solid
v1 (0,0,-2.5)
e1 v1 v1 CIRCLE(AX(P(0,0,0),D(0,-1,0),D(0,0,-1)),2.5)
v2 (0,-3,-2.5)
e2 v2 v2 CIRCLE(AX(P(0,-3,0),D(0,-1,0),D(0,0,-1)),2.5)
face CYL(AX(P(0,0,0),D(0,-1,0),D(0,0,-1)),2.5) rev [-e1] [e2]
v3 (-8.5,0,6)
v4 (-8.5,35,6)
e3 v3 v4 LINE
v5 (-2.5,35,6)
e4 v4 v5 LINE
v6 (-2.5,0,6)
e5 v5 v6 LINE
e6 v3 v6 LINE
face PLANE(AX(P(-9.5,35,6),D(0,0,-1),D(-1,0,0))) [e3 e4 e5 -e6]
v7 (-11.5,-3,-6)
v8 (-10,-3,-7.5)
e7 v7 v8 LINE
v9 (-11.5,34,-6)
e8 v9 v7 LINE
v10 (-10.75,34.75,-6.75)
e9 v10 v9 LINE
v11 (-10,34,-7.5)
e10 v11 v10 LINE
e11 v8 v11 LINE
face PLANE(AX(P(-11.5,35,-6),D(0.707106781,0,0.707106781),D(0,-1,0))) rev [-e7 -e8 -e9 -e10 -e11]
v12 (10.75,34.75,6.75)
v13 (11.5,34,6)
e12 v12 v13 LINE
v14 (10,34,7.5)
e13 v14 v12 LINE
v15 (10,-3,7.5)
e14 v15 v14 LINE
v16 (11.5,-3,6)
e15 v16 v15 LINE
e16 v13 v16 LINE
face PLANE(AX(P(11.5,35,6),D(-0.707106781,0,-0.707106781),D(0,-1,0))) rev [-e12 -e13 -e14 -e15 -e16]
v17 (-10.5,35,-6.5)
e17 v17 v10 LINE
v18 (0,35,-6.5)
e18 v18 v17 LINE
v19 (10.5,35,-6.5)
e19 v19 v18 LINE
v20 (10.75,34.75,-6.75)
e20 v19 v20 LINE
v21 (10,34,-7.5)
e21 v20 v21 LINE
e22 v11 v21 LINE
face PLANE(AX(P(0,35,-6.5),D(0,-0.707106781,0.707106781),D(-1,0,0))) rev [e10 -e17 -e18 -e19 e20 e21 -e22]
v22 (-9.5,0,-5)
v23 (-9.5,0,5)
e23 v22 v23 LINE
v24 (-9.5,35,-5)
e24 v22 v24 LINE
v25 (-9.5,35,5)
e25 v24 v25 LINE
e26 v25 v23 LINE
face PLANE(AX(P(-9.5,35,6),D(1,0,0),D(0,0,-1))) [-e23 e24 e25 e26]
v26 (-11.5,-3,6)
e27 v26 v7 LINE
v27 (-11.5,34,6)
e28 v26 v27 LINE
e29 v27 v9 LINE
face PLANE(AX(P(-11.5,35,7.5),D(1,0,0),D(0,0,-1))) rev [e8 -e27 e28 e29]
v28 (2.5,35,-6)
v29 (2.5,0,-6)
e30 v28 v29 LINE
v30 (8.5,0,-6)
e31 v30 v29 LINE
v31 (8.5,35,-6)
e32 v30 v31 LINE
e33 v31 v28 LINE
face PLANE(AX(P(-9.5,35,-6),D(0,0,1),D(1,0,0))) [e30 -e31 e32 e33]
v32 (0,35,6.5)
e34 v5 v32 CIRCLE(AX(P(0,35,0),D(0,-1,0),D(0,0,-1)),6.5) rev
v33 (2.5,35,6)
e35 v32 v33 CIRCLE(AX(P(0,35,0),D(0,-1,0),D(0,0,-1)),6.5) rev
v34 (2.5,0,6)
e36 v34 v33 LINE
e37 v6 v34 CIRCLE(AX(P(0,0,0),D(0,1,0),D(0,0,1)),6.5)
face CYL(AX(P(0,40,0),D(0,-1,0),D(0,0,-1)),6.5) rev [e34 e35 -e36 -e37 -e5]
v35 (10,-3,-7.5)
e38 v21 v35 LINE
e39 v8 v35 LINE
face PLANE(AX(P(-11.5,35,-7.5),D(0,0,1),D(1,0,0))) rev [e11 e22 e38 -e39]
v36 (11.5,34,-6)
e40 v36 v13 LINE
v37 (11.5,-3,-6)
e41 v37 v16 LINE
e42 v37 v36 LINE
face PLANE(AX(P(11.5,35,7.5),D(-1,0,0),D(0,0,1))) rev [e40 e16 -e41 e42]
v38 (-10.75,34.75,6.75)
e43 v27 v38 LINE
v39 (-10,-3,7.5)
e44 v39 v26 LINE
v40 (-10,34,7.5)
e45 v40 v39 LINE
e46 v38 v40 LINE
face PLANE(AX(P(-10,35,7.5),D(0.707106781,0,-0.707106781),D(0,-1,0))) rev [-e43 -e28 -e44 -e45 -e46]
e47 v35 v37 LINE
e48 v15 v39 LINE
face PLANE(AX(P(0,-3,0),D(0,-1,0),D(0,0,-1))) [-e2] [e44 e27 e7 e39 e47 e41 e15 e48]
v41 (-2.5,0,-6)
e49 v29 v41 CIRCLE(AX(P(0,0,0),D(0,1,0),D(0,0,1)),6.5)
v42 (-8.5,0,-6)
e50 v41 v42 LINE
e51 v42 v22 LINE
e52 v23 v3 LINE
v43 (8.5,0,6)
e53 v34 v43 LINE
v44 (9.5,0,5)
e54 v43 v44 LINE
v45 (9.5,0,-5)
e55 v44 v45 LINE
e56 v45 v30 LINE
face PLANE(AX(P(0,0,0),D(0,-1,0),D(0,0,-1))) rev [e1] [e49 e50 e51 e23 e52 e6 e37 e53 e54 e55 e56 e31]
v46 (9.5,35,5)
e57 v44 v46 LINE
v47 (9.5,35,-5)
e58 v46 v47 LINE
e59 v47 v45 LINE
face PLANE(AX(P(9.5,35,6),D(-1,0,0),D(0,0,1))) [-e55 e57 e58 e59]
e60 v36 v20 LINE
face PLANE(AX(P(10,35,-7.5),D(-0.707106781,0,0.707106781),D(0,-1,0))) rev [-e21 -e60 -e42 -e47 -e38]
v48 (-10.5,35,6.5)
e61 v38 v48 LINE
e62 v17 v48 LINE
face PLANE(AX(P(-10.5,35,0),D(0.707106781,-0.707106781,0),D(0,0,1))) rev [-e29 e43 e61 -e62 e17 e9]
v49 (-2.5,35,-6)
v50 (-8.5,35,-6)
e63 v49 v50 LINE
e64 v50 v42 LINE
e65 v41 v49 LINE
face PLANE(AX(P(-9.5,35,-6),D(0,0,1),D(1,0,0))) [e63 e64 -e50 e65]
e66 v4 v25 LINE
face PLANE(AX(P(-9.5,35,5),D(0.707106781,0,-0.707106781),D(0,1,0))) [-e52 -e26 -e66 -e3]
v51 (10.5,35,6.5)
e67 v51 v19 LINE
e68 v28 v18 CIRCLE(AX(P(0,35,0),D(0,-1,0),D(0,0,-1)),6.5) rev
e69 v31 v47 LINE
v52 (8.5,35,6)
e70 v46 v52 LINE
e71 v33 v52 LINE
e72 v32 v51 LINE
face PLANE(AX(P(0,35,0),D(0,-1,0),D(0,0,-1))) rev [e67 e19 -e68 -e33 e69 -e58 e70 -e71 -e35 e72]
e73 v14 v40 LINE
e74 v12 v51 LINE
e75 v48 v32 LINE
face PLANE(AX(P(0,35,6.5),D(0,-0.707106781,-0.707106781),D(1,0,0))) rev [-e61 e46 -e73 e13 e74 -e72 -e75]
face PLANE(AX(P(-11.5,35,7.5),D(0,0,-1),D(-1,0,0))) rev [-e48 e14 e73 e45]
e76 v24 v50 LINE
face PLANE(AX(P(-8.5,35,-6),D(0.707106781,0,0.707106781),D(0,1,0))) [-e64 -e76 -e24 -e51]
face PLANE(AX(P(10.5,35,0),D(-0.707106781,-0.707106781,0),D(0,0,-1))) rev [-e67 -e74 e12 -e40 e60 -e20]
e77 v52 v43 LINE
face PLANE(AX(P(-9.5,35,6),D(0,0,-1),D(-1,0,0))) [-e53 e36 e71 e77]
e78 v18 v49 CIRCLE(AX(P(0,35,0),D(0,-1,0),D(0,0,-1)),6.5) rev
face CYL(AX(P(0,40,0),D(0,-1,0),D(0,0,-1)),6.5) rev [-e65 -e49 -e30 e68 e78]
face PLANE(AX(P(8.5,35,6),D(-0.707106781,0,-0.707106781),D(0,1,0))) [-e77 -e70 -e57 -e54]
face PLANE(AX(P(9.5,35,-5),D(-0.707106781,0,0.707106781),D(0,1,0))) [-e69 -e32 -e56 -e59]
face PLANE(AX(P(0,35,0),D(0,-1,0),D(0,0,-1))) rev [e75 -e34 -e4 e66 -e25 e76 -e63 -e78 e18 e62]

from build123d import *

# Parameters (mm, degrees)
SKETCH1_W           = 23
SKETCH1_H           = 15
SKETCH1_W_2         = 19
SKETCH1_H_2         = 12
BOSS_EXTRUDE1_DEPTH = 35
CHAMFER1_SIZE       = 1
CHAMFER2_SIZE       = 1
SKETCH2_W           = 23
SKETCH2_H           = 15
BOSS_EXTRUDE2_DEPTH = 3
CHAMFER4_SIZE       = 1.5
SKETCH3_R           = 2.5
CUT_EXTRUDE1_DEPTH  = 3
SKETCH5_R           = 6.5
CUT_EXTRUDE3_DEPTH  = 40


with BuildPart() as part:
    # Sketch1 → Boss-Extrude1 (new body)
    with BuildSketch(Plane(origin=(0, 0, 0), x_dir=(1, 0, 0), z_dir=(0, 1, 0))):
        Rectangle(SKETCH1_W, SKETCH1_H)
        Rectangle(SKETCH1_W_2, SKETCH1_H_2, mode=Mode.SUBTRACT)
    extrude(amount=BOSS_EXTRUDE1_DEPTH)

    # Chamfer1
    chamfer1_edges = [part.edges().sort_by_distance(p)[0] for p in [
        (-11.5, 35, 0),
        (0, 35, 7.5),
        (11.5, 35, 0),
        (0, 35, -7.5),
    ]]
    chamfer(chamfer1_edges, length=CHAMFER1_SIZE)

    # Chamfer2
    chamfer2_edges = [part.edges().sort_by_distance(p)[0] for p in [
        (9.5, 17.5, 6),
        (9.5, 17.5, -6),
        (-9.5, 17.5, -6),
        (-9.5, 17.5, 6),
    ]]
    chamfer(chamfer2_edges, length=CHAMFER2_SIZE)

    # Sketch2 → Boss-Extrude2 (add)
    with BuildSketch(Plane.XZ):
        Rectangle(SKETCH2_W, SKETCH2_H)
    extrude(amount=BOSS_EXTRUDE2_DEPTH)

    # Chamfer4
    chamfer4_edges = [part.edges().sort_by_distance(p)[0] for p in [
        (-11.5, 15.5, 7.5),
        (-11.5, 15.5, -7.5),
        (11.5, 15.5, -7.5),
        (11.5, 15.5, 7.5),
    ]]
    chamfer(chamfer4_edges, length=CHAMFER4_SIZE)

    # Sketch3 → Cut-Extrude1 (cut)
    with BuildSketch(Plane.XZ.offset(3)):
        with Locations(Location((0, 0, 0), (0, 0, 270))):
            Circle(SKETCH3_R)
    extrude(amount=-CUT_EXTRUDE1_DEPTH, mode=Mode.SUBTRACT)

    # Sketch5 → Cut-Extrude3 (cut)
    with BuildSketch(Plane(origin=(0, 0, 0), x_dir=(1, 0, 0), z_dir=(0, 1, 0))):
        Circle(SKETCH5_R)
    extrude(amount=CUT_EXTRUDE3_DEPTH, mode=Mode.SUBTRACT)


solid = part.part
